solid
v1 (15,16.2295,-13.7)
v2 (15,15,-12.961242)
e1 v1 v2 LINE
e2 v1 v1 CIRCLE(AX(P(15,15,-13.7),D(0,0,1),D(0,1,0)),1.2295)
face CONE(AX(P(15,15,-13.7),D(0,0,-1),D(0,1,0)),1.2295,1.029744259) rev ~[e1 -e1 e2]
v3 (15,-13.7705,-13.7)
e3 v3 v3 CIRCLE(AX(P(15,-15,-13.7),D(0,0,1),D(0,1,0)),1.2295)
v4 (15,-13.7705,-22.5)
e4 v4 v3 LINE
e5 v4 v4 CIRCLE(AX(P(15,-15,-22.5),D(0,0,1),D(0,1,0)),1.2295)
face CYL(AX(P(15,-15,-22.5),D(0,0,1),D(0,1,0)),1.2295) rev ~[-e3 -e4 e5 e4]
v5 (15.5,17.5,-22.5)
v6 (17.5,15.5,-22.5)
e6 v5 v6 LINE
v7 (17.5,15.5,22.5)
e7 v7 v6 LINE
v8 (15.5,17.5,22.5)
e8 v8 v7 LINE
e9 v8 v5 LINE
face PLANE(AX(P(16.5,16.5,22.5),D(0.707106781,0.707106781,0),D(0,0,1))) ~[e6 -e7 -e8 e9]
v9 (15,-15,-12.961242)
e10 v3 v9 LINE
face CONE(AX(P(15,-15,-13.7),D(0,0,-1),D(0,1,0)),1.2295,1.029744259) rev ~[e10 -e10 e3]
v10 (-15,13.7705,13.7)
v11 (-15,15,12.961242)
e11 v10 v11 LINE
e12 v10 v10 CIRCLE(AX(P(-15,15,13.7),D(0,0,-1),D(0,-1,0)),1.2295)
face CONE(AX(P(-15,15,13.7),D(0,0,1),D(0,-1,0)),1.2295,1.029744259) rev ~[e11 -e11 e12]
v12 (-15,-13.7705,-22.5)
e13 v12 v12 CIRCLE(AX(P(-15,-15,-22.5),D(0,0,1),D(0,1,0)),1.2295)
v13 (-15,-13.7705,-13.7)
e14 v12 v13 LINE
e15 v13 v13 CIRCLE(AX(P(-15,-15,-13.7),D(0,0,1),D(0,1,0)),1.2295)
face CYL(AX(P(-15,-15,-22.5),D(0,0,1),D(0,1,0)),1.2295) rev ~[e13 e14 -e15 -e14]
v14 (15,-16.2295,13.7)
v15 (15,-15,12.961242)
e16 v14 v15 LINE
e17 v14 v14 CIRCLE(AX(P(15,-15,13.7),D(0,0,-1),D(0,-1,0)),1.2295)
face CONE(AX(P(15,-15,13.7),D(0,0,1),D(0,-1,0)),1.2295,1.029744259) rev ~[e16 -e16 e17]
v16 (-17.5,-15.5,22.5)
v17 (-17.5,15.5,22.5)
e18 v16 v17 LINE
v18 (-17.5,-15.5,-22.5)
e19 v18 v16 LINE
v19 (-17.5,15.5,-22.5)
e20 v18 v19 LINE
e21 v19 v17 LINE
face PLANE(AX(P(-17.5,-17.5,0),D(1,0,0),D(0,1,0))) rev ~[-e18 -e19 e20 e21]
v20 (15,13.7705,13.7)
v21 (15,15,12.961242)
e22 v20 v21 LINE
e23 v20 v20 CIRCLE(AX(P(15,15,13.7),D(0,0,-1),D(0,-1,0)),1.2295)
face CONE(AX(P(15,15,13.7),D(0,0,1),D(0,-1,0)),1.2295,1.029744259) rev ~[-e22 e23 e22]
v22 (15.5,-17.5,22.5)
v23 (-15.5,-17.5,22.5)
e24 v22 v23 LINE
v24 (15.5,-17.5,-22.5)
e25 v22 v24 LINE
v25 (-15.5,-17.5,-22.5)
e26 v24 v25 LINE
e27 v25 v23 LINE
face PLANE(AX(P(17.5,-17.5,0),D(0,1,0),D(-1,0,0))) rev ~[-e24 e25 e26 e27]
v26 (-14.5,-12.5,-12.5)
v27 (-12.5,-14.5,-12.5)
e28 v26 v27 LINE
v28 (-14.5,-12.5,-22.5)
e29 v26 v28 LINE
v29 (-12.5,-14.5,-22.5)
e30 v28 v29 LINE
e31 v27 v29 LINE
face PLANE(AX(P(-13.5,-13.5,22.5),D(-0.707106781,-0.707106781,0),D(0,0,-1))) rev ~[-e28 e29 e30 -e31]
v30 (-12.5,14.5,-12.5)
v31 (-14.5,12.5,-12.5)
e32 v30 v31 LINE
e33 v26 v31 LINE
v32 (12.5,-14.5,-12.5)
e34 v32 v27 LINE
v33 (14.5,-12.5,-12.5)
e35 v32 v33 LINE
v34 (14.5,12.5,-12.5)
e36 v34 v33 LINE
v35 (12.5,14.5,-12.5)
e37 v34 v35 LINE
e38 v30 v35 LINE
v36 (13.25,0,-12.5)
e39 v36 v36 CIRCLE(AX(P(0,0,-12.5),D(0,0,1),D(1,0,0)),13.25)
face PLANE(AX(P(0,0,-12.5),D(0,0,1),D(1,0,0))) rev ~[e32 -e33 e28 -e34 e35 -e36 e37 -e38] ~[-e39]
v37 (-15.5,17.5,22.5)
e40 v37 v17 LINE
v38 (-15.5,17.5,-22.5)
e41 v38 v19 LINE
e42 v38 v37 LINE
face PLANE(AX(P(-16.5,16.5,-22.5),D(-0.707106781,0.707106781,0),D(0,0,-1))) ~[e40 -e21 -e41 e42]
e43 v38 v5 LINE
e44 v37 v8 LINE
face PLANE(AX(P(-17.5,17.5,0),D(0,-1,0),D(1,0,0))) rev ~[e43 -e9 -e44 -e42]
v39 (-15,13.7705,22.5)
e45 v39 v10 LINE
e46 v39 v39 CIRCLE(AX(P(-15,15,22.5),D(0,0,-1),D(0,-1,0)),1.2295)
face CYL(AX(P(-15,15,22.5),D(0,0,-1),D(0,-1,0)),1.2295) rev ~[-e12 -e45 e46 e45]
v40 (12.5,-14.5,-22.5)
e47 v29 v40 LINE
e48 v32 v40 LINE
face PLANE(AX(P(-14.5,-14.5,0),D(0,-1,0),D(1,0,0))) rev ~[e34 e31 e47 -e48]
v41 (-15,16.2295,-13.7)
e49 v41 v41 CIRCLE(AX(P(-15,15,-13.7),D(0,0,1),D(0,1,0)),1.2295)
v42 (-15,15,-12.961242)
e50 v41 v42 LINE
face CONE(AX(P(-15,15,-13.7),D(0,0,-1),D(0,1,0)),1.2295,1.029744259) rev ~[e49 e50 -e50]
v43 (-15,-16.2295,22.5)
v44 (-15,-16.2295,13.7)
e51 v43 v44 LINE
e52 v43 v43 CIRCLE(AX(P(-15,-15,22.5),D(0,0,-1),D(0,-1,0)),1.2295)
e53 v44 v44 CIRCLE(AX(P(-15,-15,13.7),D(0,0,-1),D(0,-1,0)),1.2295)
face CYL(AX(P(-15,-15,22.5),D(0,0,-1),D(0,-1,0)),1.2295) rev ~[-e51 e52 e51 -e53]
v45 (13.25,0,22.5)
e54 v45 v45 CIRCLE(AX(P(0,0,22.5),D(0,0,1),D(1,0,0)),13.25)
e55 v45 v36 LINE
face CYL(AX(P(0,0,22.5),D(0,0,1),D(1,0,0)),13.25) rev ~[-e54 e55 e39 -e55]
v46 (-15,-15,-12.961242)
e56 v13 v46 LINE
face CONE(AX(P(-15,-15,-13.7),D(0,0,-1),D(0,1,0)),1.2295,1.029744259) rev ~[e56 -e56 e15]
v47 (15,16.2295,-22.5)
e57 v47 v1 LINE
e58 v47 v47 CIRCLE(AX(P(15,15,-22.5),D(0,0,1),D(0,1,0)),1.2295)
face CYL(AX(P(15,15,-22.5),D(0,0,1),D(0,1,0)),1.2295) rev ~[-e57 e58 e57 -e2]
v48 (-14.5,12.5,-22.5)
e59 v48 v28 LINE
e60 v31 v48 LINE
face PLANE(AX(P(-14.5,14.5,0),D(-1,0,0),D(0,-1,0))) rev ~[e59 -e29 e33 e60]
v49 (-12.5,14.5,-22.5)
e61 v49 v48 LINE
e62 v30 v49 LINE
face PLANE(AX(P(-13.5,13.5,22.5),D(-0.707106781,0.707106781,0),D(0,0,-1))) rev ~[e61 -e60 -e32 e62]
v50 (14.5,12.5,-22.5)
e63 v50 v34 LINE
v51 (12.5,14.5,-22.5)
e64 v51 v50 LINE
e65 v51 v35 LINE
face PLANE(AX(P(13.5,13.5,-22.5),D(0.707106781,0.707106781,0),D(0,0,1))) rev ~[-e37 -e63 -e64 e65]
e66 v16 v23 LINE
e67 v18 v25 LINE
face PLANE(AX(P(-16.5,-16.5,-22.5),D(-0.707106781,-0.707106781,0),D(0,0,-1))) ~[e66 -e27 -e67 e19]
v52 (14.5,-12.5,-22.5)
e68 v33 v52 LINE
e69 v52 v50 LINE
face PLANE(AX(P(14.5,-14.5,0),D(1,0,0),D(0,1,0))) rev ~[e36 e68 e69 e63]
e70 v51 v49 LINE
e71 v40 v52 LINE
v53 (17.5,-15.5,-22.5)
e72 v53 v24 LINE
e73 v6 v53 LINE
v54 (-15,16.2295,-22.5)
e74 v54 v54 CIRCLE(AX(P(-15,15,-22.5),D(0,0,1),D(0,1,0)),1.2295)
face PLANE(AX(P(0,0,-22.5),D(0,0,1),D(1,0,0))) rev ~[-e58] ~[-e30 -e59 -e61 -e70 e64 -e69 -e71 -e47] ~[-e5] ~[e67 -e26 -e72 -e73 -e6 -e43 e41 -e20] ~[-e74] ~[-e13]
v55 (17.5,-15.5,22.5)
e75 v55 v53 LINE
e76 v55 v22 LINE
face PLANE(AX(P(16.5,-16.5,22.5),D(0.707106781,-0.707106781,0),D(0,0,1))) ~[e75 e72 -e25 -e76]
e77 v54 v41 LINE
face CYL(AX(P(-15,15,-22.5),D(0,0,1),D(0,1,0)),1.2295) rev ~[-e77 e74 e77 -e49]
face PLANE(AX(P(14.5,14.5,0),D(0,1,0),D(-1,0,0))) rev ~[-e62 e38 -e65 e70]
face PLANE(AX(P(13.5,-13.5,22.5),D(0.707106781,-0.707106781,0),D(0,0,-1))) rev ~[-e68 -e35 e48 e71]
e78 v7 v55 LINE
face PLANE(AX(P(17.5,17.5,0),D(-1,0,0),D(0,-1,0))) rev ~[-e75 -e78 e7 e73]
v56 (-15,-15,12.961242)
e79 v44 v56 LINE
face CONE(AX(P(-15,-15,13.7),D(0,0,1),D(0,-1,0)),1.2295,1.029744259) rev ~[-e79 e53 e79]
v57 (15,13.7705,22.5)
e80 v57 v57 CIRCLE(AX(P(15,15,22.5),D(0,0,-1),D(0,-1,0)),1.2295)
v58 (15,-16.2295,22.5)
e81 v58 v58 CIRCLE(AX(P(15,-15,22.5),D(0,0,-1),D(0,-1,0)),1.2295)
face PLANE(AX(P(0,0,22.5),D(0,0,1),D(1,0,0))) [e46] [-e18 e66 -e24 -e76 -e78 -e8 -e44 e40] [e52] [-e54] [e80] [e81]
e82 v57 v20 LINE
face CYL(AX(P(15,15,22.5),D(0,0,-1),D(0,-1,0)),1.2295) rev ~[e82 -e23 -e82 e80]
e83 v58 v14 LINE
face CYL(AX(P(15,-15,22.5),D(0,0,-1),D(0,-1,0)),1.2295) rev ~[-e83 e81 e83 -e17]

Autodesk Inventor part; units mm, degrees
ref_plane "YZ Plane" through (0, 0, 0) normal (1, 0, 0) x (0, 1, 0)
ref_plane "XZ Plane" through (0, 0, 0) normal (0, 1, 0) x (-1, 0, 0)
ref_plane "XY Plane" through (0, 0, 0) normal (0, 0, 1) x (1, 0, 0)
sketch "Sketch1" plane through (0, 0, 0) normal (0, 0, 1) x (1, 0, 0)
  line L0 (-17.5, 17.5) -> (17.5, 17.5)
  line L1 (17.5, 17.5) -> (17.5, -17.5)
  line L2 (17.5, -17.5) -> (-17.5, -17.5)
  line L3 (-17.5, -17.5) -> (-17.5, 17.5)
  line L4 (14.5, 14.5) -> (-14.5, 14.5)
  line L5 (-14.5, 14.5) -> (-14.5, -14.5)
  line L6 (-14.5, -14.5) -> (14.5, -14.5)
  line L7 (14.5, -14.5) -> (14.5, 14.5)
  point P0 (0, 0)
  point P1 (17.5, 0)
  point P2 (0, 17.5)
  dimension "d0" = 35
  dimension "d1" = 35
  dimension "d2" = 3
extrude "Extrusion1" add sketch "Sketch1" against normal mid plane 45
chamfer "Chamfer1" distance 2 angle 45 8 edges at (-17.5, 17.5, 0) (17.5, 17.5, 0) (-14.5, 14.5, 0) (14.5, 14.5, 0) (-14.5, -14.5, 0) (14.5, -14.5, 0) (17.5, -17.5, 0) (-17.5, -17.5, 0)
sketch "Sketch2" plane through (0, 0, 22.5) normal (0, 0, 1) x (1, 0, 0)
  line L0 (15.5, 17.5) -> (-15.5, 17.5) projected
  line L1 (-12.5, 14.5) -> (12.5, 14.5) projected
  line L2 (-17.5, 15.5) -> (-15.5, 17.5) projected
  line L3 (-12.5, 14.5) -> (-14.5, 12.5) projected
  line L4 (14.5, 12.5) -> (12.5, 14.5) projected
  line L5 (15.5, 17.5) -> (17.5, 15.5) projected
  line L6 (-17.5, 15.5) -> (-17.5, -15.5) projected
  line L7 (-14.5, -12.5) -> (-14.5, 12.5) projected
  line L8 (-14.5, -12.5) -> (-12.5, -14.5) projected
  line L9 (-15.5, -17.5) -> (15.5, -17.5) projected
  line L10 (17.5, -15.5) -> (17.5, 15.5) projected
  line L11 (-15.5, -17.5) -> (-17.5, -15.5) projected
  line L12 (12.5, -14.5) -> (-12.5, -14.5) projected
  point P0 (0, 0)
  point P1 (-15, 15)
  point P2 (15, 15)
  point P3 (15, -15)
  point P4 (-15, -17.5)
  point P5 (-15, -15)
  point P6 (15, -17.5)
  dimension "d8" = 3
  dimension "d9" = 4.2426
  dimension "d10" = 2.1213
  dimension "d11" = 5
  dimension "d12" = 2.5
  dimension "d13" = 2.5
  dimension "d14" = 4.2426
  dimension "d15" = 2.1213
  dimension "d26" = 5
  dimension "d27" = 2.5
  dimension "d28" = 5
  dimension "d29" = 2.5
  dimension "d30" = 2.5
  dimension "d31" = 2.5
  dimension "d64" = 4.2426
hole "Hole1" at (-15, 15, 22.5) at (15, 15, 22.5) at (15, -15, 22.5) at (-15, -15, 22.5) direction (0, 0, -1) diameter 2.459 depth 8.8 tip angle 118 thread size "M3x0.5" class "6H" standard "ISO Metric profile"
sketch "Sketch4" plane through (0, 0, -22.5) normal (0, 0, -1) x (-1, 0, 0)
  line L0 (15.5, 17.5) -> (-15.5, 17.5)
  line L1 (-12.5, 14.5) -> (12.5, 14.5)
  line L2 (-17.5, 15.5) -> (-15.5, 17.5)
  line L3 (-12.5, 14.5) -> (-14.5, 12.5)
  line L4 (14.5, 12.5) -> (12.5, 14.5)
  line L5 (15.5, 17.5) -> (17.5, 15.5)
  line L6 (-17.5, 15.5) -> (-17.5, -17.5)
  line L7 (-14.5, -12.5) -> (-14.5, 12.5)
  line L8 (-14.5, -12.5) -> (-12.5, -14.5)
  line L9 (-17.5, -17.5) -> (17.5, -17.5)
  line L10 (17.5, -17.5) -> (17.5, 15.5)
  line L11 (-17.5, 15.5) -> (-15.5, 17.5) projected
  line L12 (-17.5, 15.5) -> (-17.5, -15.5) projected
  line L13 (-15.5, -17.5) -> (15.5, -17.5) projected
  line L14 (17.5, -15.5) -> (17.5, 15.5) projected
  line L15 (15.5, 17.5) -> (17.5, 15.5) projected
  line L16 (15.5, 17.5) -> (-15.5, 17.5) projected
  line L17 (-14.5, -12.5) -> (-14.5, 12.5) projected
  line L18 (-12.5, 14.5) -> (-14.5, 12.5) projected
  line L19 (-12.5, 14.5) -> (12.5, 14.5) projected
  line L20 (14.5, 12.5) -> (12.5, 14.5) projected
  line L21 (14.5, 12.5) -> (14.5, -12.5) projected
  line L22 (12.5, -14.5) -> (14.5, -12.5) projected
  line L23 (12.5, -14.5) -> (-12.5, -14.5) projected
  line L24 (-14.5, -12.5) -> (-12.5, -14.5) projected
  line L25 (17.5, -15.5) -> (15.5, -17.5) projected
  line L26 (-15.5, -17.5) -> (-17.5, -15.5) projected
  point P0 (0, 0)
  point P1 (0, 0)
  point P2 (-15, 15)
  point P3 (15, 15)
  point P4 (15, -15)
  point P5 (-15, -15)
  dimension "d39" = 3
  dimension "d40" = 4.2426
  dimension "d41" = 2.1213
  dimension "d42" = 5
  dimension "d43" = 2.5
  dimension "d44" = 2.5
  dimension "d45" = 4.2426
  dimension "d46" = 2.1213
  dimension "d47" = 5.6569
  dimension "d48" = 5
  dimension "d49" = 2.5
  dimension "d50" = 5
  dimension "d51" = 2.5
  dimension "d52" = 2.5
  dimension "d53" = 2.5
hole "Hole2" at (15, 15, -22.5) at (-15, 15, -22.5) at (-15, -15, -22.5) at (15, -15, -22.5) direction (0, 0, 1) diameter 2.459 depth 8.8 tip angle 118 thread size "M3x0.5" class "6H" standard "ISO Metric profile"
sketch "Sketch7" plane through (0, 0, 22.5) normal (0, 0, 1) x (1, 0, 0)
  circle A0 centre (0, 0) radius 13.25
  circle A1 centre (15, -15) radius 1.2295 projected
  circle A2 centre (-15, 15) radius 1.2295 projected
  circle A3 centre (15, 15) radius 1.2295 projected
  circle A4 centre (-15, -15) radius 1.2295 projected
  line L0 (15.5, 17.5) -> (17.5, 15.5) projected
  line L1 (15.5, 17.5) -> (-15.5, 17.5) projected
  line L2 (-17.5, 15.5) -> (-15.5, 17.5) projected
  line L3 (-17.5, 15.5) -> (-17.5, -15.5) projected
  line L4 (-15.5, -17.5) -> (15.5, -17.5) projected
  line L5 (17.5, -15.5) -> (17.5, 15.5) projected
  line L6 (14.5, 12.5) -> (14.5, -12.5) projected
  line L7 (12.5, -14.5) -> (14.5, -12.5) projected
  line L8 (12.5, -14.5) -> (-12.5, -14.5) projected
  line L9 (-14.5, -12.5) -> (-12.5, -14.5) projected
  line L10 (-14.5, -12.5) -> (-14.5, 12.5) projected
  line L11 (-12.5, 14.5) -> (-14.5, 12.5) projected
  line L12 (-12.5, 14.5) -> (12.5, 14.5) projected
  line L13 (14.5, 12.5) -> (12.5, 14.5) projected
  line L14 (-15.5, -17.5) -> (-17.5, -15.5) projected
  line L15 (17.5, -15.5) -> (15.5, -17.5) projected
  dimension "d61" = 26.5
extrude "Extrusion2" add sketch "Sketch7" against normal blind 35 contours L6 L7 L8 L9 L10 L11 L12 L13
equation "\"d10\" = 0.5 * d9"
equation "\"d12\" = 0.5 * d11"
equation "\"d13\" = d12"
equation "\"d15\" = d10"
equation "\"d27\" = 0.5 * d26"
equation "\"d29\" = 0.5 * d28"
equation "\"d30\" = d29"
equation "\"d31\" = d27"
equation "\"d41\" = 0.5 * d40"
equation "\"d43\" = 0.5 * d42"
equation "\"d44\" = d43"
equation "\"d46\" = d41"
equation "\"d49\" = 0.5 * d48"
equation "\"d51\" = 0.5 * d50"
equation "\"d52\" = d51"
equation "\"d53\" = d49"
properties part number "Cover for servo motor 250 W" material "Stainless Steel"
